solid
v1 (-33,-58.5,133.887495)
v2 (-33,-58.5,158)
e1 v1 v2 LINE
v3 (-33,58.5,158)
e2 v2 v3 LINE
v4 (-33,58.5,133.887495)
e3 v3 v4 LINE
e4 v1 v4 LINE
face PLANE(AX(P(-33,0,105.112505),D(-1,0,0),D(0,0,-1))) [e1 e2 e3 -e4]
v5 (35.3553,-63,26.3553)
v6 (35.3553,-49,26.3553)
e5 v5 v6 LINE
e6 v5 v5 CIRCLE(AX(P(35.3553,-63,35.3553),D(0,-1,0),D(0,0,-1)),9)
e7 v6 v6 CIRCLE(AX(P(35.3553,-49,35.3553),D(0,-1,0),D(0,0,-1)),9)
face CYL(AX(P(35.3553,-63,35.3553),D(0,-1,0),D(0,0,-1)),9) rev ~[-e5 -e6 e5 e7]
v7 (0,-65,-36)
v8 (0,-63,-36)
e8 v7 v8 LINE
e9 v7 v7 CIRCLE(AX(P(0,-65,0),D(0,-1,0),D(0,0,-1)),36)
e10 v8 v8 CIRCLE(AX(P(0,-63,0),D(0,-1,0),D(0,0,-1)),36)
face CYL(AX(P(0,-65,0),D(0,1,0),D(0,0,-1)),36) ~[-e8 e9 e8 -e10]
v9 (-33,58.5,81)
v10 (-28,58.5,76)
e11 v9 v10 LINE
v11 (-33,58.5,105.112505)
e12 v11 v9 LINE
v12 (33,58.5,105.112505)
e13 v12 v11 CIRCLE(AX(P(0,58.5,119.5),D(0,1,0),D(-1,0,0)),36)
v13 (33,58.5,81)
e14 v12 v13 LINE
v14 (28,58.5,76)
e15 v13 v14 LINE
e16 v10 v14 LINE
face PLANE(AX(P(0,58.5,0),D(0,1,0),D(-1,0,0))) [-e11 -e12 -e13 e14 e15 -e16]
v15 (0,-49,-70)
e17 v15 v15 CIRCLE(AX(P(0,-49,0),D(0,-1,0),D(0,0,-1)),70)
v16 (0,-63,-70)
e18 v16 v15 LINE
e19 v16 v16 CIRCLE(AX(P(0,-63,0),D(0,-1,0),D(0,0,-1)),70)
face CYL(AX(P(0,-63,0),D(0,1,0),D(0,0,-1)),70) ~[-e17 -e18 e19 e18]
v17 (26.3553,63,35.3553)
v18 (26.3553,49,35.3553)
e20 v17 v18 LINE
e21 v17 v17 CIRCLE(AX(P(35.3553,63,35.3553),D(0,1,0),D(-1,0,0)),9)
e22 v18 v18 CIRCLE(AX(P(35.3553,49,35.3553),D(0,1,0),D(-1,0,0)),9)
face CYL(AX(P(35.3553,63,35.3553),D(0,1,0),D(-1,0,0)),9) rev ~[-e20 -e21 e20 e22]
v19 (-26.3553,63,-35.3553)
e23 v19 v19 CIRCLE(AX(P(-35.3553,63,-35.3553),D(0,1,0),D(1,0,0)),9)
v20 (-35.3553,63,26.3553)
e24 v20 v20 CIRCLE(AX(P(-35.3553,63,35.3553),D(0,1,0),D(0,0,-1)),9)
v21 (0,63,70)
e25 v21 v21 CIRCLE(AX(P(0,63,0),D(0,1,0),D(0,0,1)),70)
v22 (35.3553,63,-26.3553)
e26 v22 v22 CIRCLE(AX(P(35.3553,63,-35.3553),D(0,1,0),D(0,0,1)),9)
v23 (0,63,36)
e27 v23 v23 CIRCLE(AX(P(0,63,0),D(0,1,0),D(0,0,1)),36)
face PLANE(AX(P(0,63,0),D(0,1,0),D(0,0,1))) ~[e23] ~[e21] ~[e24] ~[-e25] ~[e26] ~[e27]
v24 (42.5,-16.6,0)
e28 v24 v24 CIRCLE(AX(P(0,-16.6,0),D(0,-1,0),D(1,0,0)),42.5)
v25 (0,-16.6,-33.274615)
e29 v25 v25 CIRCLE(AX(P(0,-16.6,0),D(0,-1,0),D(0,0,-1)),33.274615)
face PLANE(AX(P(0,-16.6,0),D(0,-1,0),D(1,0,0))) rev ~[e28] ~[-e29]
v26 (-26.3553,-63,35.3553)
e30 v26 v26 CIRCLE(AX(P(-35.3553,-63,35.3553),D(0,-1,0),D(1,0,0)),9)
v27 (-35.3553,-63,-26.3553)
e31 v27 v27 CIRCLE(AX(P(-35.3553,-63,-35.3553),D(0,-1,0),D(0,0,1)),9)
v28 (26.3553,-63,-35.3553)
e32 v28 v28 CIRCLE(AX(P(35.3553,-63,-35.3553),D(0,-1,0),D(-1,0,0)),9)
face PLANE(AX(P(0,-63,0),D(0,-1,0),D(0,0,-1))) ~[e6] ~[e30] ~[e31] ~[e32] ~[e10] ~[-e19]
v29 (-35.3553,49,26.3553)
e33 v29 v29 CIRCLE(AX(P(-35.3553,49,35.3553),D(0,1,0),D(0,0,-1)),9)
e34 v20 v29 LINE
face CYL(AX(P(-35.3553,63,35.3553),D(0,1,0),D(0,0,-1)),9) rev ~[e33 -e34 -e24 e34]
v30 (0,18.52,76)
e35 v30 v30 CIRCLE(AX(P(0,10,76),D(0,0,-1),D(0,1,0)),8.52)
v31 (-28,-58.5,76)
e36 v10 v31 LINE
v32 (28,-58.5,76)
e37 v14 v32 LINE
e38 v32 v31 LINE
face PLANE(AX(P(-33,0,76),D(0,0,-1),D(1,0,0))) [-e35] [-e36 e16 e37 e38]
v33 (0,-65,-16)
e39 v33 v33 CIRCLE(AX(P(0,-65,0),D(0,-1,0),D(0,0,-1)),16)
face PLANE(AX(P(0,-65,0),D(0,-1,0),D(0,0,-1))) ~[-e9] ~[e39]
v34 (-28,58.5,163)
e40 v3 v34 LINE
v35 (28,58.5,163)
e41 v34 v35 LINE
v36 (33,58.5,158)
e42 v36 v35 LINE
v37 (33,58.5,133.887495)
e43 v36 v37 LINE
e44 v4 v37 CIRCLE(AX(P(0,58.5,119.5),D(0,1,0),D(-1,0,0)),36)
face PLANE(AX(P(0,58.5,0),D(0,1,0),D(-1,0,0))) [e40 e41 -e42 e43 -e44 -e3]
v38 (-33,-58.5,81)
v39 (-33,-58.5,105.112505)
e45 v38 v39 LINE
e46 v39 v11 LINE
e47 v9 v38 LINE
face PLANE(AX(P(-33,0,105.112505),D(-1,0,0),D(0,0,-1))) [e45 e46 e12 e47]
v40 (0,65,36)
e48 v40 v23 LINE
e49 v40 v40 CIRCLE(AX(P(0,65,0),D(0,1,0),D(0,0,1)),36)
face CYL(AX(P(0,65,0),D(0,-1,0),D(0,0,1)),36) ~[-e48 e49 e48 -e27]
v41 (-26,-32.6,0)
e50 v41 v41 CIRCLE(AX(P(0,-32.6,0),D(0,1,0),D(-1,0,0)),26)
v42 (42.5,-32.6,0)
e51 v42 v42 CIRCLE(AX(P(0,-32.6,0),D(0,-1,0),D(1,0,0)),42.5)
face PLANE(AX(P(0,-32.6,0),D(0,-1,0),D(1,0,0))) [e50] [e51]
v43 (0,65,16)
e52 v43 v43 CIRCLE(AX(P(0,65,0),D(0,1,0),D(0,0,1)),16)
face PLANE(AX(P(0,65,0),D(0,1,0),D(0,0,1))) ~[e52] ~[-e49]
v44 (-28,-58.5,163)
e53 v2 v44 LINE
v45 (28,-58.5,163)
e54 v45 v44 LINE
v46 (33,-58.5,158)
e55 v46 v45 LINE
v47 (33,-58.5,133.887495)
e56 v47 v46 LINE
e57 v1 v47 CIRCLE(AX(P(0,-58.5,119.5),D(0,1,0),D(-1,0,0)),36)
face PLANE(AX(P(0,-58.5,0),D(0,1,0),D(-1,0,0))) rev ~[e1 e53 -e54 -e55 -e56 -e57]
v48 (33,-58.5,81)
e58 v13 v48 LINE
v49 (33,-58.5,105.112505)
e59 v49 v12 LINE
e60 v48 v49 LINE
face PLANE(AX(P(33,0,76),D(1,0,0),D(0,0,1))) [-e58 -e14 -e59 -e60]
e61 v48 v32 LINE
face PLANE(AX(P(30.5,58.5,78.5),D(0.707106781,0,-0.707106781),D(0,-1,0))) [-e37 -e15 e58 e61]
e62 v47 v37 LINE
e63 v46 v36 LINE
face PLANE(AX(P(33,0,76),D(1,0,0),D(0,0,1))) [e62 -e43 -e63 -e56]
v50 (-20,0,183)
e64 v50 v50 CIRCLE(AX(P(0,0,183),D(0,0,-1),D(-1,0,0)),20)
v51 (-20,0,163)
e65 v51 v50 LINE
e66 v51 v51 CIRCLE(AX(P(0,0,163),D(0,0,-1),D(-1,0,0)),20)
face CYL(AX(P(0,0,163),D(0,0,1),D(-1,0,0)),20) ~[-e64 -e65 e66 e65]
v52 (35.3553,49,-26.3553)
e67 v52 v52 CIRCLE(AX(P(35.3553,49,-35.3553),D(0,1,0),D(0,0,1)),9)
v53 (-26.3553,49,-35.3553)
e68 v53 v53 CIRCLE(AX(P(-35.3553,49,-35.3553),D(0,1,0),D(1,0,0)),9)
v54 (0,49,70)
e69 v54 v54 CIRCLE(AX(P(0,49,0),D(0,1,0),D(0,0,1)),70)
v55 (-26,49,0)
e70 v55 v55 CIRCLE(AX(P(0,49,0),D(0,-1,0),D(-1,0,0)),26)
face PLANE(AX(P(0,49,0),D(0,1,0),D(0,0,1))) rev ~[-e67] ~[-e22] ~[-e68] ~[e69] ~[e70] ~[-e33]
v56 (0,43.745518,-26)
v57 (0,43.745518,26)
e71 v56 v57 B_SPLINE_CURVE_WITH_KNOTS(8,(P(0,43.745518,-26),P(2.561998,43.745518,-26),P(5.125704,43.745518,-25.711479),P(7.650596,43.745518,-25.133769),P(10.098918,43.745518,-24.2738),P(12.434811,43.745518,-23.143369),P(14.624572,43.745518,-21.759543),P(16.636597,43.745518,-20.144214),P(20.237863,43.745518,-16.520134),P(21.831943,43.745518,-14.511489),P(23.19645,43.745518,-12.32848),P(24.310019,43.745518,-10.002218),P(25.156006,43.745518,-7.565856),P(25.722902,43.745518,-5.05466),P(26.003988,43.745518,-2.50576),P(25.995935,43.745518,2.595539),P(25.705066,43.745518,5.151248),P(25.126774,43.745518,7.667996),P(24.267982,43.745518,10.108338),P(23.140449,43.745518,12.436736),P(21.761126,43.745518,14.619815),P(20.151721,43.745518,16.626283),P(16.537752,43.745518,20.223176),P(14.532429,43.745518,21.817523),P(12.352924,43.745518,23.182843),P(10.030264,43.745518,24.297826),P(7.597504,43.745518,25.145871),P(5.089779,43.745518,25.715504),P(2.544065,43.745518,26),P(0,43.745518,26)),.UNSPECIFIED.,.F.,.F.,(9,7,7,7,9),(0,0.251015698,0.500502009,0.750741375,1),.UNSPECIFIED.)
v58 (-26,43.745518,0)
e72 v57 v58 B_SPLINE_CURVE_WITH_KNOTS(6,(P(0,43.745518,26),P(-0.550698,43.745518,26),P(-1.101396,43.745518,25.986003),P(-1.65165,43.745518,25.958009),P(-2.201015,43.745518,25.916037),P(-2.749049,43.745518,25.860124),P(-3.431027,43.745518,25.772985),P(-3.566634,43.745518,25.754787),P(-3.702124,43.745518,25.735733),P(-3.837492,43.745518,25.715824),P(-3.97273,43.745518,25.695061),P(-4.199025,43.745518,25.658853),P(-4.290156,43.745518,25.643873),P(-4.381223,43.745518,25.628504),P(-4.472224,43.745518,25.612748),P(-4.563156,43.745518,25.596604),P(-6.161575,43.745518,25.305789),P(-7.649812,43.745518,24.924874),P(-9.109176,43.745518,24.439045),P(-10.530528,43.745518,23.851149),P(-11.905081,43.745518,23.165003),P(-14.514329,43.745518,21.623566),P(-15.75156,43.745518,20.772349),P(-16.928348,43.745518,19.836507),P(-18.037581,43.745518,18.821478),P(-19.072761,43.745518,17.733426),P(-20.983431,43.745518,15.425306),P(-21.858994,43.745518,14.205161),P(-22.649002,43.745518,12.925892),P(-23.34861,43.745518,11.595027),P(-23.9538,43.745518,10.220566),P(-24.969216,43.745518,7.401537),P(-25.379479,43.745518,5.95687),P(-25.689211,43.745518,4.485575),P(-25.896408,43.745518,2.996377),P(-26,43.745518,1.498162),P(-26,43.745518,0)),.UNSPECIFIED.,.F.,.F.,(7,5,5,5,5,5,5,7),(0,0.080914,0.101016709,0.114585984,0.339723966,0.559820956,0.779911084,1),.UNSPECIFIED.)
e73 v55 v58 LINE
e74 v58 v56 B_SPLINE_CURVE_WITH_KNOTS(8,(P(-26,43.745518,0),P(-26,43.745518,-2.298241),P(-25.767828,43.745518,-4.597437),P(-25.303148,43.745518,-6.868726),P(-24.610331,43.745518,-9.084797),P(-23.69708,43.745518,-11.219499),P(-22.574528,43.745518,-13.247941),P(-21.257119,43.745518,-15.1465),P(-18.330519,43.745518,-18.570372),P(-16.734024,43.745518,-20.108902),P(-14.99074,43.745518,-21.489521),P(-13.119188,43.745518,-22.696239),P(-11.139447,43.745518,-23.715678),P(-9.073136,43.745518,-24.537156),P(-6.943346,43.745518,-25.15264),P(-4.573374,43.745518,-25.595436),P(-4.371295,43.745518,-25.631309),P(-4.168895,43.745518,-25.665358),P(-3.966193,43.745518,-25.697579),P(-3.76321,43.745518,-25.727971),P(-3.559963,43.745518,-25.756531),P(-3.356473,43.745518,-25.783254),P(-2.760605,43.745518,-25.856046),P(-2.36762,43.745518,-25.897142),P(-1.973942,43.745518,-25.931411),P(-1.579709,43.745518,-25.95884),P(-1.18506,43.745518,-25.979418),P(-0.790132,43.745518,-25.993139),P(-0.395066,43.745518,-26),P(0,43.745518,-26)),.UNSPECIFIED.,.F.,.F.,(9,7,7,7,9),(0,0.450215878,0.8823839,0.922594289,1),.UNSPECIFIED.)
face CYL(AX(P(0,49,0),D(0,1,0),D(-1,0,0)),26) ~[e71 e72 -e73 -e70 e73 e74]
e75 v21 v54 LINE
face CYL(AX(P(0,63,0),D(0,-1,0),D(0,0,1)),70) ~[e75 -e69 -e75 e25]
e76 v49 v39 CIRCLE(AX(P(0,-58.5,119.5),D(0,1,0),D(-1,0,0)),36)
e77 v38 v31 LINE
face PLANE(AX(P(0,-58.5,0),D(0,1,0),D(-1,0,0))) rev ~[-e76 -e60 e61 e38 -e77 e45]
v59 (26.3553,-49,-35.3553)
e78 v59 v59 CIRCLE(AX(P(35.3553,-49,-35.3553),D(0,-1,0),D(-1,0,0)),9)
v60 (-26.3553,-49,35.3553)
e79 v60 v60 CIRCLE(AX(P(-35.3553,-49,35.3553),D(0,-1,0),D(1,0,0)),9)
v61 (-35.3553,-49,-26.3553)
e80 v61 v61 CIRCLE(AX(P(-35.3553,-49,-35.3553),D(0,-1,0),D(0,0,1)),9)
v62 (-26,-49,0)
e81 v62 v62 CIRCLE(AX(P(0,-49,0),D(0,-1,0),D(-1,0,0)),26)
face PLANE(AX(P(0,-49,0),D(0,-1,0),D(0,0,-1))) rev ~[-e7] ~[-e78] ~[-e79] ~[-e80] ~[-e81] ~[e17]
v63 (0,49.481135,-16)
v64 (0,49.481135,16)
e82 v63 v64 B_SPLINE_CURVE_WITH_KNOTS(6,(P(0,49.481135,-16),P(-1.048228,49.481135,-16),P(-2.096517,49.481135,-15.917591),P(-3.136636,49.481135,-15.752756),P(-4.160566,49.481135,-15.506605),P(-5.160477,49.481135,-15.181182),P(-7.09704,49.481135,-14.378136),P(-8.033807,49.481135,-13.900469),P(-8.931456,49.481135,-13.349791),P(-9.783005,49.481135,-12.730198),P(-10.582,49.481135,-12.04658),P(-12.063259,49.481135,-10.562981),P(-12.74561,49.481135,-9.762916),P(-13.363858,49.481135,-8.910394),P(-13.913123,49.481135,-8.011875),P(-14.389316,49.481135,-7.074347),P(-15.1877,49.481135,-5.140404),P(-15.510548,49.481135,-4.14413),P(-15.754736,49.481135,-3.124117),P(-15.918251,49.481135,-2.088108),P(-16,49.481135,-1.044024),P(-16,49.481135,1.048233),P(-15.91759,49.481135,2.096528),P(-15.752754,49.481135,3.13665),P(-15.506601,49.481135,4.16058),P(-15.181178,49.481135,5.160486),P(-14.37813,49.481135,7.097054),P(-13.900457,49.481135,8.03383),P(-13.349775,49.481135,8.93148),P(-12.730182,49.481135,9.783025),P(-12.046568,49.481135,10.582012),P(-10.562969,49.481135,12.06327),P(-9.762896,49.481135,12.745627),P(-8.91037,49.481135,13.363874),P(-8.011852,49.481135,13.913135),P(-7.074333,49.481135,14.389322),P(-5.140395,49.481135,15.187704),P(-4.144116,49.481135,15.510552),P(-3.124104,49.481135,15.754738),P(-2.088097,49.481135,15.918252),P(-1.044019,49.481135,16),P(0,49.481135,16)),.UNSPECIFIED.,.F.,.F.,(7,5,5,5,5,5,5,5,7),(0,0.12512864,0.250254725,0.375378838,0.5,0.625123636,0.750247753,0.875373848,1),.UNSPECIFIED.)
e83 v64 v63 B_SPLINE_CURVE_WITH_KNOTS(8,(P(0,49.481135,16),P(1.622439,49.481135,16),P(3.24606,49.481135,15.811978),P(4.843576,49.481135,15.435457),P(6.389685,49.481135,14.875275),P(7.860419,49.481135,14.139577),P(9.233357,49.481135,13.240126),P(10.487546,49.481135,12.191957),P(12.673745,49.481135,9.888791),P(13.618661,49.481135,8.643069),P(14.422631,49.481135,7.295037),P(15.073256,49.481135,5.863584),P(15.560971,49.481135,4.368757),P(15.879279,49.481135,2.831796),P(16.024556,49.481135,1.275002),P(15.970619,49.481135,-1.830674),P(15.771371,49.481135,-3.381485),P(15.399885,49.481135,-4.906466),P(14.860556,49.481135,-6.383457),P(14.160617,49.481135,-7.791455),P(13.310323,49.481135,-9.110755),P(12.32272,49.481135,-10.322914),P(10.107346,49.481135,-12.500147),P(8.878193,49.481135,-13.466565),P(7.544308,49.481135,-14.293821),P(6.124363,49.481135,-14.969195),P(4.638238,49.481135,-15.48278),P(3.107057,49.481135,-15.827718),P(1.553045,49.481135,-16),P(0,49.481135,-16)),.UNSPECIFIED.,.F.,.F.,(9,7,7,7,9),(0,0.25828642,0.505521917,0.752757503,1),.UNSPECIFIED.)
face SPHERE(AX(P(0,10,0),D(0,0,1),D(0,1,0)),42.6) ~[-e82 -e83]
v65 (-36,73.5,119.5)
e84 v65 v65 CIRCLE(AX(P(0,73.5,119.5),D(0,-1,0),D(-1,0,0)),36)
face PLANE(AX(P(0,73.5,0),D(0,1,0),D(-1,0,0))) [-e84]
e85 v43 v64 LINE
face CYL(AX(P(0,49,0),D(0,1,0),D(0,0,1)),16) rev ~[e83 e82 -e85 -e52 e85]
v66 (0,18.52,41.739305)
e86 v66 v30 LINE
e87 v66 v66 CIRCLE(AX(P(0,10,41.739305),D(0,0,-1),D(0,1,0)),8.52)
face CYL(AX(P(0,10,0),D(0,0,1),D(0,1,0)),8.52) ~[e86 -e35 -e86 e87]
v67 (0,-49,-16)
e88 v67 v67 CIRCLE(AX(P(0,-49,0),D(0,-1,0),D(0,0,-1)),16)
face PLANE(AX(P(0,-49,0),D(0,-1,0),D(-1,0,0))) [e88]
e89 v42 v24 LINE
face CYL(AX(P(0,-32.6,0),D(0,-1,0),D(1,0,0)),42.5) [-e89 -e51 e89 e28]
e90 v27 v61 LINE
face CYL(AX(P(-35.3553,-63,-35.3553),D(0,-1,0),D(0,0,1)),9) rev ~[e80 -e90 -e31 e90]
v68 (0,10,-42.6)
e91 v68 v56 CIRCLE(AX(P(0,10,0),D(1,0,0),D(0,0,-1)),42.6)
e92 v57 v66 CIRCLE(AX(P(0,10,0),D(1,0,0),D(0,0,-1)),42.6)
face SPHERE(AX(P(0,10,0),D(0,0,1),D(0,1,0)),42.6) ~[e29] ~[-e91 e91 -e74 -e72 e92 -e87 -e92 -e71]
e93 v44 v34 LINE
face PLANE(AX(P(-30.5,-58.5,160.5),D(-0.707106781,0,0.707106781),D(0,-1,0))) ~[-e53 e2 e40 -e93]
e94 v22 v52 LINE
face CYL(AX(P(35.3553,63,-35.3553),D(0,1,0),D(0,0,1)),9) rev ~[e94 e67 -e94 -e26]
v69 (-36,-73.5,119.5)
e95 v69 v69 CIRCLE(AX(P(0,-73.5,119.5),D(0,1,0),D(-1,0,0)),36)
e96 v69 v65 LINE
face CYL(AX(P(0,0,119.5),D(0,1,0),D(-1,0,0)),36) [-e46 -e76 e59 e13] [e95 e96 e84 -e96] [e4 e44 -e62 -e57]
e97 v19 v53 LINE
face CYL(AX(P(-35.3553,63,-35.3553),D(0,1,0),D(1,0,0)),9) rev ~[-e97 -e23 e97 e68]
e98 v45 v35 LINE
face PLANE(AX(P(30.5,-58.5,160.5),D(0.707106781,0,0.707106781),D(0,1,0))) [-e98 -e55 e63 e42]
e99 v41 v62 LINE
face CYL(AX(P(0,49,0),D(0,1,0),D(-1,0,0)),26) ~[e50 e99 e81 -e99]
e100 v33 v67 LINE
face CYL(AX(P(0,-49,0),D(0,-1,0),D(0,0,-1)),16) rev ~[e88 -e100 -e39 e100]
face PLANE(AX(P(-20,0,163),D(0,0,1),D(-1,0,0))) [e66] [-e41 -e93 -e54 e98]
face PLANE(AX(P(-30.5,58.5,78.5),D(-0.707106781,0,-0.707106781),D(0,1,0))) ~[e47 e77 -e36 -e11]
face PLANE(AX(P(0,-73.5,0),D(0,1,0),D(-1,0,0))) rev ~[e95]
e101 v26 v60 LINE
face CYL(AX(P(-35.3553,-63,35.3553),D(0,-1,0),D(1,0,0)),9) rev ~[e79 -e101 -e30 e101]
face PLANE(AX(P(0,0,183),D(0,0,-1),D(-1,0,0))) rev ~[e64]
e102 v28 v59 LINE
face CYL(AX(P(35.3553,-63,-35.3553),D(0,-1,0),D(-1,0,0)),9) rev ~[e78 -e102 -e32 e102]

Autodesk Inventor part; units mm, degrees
ref_plane "XZ Plane" through (0, 0, 0) normal (0, 1, 0) x (-1, 0, 0)
sketch "Sketch1" plane through (0, 0, 0) normal (1, 0, 0) x (0, 1, 0)
  line L0 (49, 16) -> (63, 16)
  line L1 (63, 16) -> (63, 70)
  line L2 (63, 70) -> (49, 70)
  line L3 (49, 70) -> (49, 16)
  line L4 (63, 16) -> (65, 16)
  line L5 (65, 16) -> (65, 36)
  line L6 (65, 36) -> (63, 36)
  line L7 (63, 36) -> (63, 16)
  line L8 (-65, 0) -> (65, 0) construction
  line L9 (65, 0) -> (49, 0) construction
  line L10 (0, 0) -> (0, 95.8184) construction
  line L11 (-65, 0) -> (-49, 0) construction
  line L12 (0, 0) -> (-21.3713, 0)
  dimension "Lenght" = 130
  dimension "DN" = 32
  dimension "FlgDia" = 140
  dimension "FlgThck" = 16
  dimension "GsktFace" = 72
  dimension "Face" = 2
revolve "Revolution1" add sketch "Sketch1" angle 360 about axis through (0, -65, 0) along (0, 1, 0)
sketch "Sketch5" plane through (0, 63, 0) normal (0, 1, 0) x (1, 0, 0)
  line L0 (0, 0) -> (-35.3553, 35.3553)
  line L1 (0, 0) -> (0, 103.939) construction
  circle A0 centre (-35.3553, 35.3553) radius 9
  point P0 (0, 0)
  dimension "d16" = 50
  dimension "d17" = 45
  dimension "d18" = 18
extrude "Extrusion2" cut sketch "Sketch5" against normal through all
pattern_circular "Circular Pattern1" count 4 over 360 about axis through (0, 64, 0) along (0, 1, 0) of "Extrusion2"
sketch "Sketch14" plane through (0, 49, 0) normal (0, -1, 0) x (-1, 0, 0)
  circle A0 centre (0, 0) radius 16 projected
  circle A1 centre (0, 0) radius 26
  dimension "d54" = 10
pattern_circular "Circular Pattern2" count 2 over 360 about axis through (-10, 0, 0) along (1, 0, 0) of "Revolution1", "Extrusion2", "Circular Pattern1"
extrude "Extrusion5" add sketch "Sketch14" along normal up to surface (98 mm away) contours A0 | A1
sketch "Sketch20" plane through (0, 0, 0) normal (1, 0, 0) x (0, 1, 0)
  line L0 (10, -42.6) -> (10, 42.6)
  arc A0 (10, -42.6) -> (10, 42.6) centre (10, 0) ccw
  line L1 (65, -37.9012) -> (65, 33.7766)
  line L2 (10, 0) -> (18.52, 0)
  line L3 (18.52, 0) -> (18.52, 76)
  line L4 (18.52, 76) -> (10, 76)
  line L5 (10, 76) -> (10, 0)
  line L6 (65, -36) -> (65, 36) projected
  point P0 (0, 0)
  point P1 (12.4178, -1.9012)
  point P2 (12.4178, -1.9012)
  point P3 (65, -37.9012)
  point P4 (0, 0)
  dimension "d78" = 85.2
  dimension "oI" = 55
  dimension "oH" = 76
  dimension "d81" = 8.52
revolve "Revolution5" add sketch "Sketch20" angle 360 about axis through (0, 10, 76) along (0, 0, -1)
ref_plane "Work Plane1" through (0, -32.6, 0) normal (0, -1, 0) x (1, 0, 0)
sketch "Sketch21" plane through (0, -32.6, 0) normal (0, -1, 0) x (1, 0, 0)
  circle A0 centre (0, 0) radius 26 projected
  circle A1 centre (0, 0) radius 42.5
  point P0 (0, 0)
  dimension "d92" = 85
extrude "Extrusion9" add sketch "Sketch21" against normal blind 16
ref_plane "Work Plane2" through (0, 10, 38) normal (1, 0, 0) x (0, 0, -1)
sketch "Sketch22" plane through (0, 0, 0) normal (0, 1, 0) x (-1, 0, 0)
  line L0 (33, 76) -> (-33, 76)
  line L1 (-33, 76) -> (-33, 163)
  line L2 (-33, 163) -> (33, 163)
  line L3 (33, 163) -> (33, 76)
  line L4 (0, 163) -> (20, 163)
  line L5 (20, 163) -> (20, 183)
  line L6 (20, 183) -> (0, 183)
  line L7 (0, 183) -> (0, 163)
  line L8 (33, 76) -> (-33, 163)
  circle A0 centre (0, 119.5) radius 36
  line L9 (-55.04, 76) -> (0, 76)
  line L10 (-8.52, 76) -> (8.52, 76) projected
  dimension "oCylWith" = 66
  dimension "oCylHeight" = 87
  dimension "d97" = 20
  dimension "d98" = 20
  dimension "oCylDia" = 72
extrude "Extrusion10" add sketch "Sketch22" along normal mid plane 147 contours A0 L8 L3 | L3 A0 | A0 L1 L8 | A0 L1 picked at (11, 114.7042) picked at (-15.4028, 107.9455)
extrude "Extrusion11" add sketch "Sketch22" along normal mid plane 117 contours L8 A0 L3 | L0 L1 A0 L8 | A0 L8 L3 | A0 L1 L8 | A0 L8 L2 L3 | A0 L1 L8
revolve "Revolution6" add sketch "Sketch22" angle 360 about axis through (0, 0, 183) along (0, 0, -1) contours L2 L7 L6 L5
chamfer "Chamfer1" distance 5 angle 45 4 edges at (-33, 0, 163) (33, 0, 163) (33, 0, 76) (-33, 0, 76)
equation "\"d16\" = 0.5 * KDia"
equation "\"KDia\" = 100"
properties part number "BALL VALVE  PNEUMATIC FLANGED S235 DN32" material "S235"
